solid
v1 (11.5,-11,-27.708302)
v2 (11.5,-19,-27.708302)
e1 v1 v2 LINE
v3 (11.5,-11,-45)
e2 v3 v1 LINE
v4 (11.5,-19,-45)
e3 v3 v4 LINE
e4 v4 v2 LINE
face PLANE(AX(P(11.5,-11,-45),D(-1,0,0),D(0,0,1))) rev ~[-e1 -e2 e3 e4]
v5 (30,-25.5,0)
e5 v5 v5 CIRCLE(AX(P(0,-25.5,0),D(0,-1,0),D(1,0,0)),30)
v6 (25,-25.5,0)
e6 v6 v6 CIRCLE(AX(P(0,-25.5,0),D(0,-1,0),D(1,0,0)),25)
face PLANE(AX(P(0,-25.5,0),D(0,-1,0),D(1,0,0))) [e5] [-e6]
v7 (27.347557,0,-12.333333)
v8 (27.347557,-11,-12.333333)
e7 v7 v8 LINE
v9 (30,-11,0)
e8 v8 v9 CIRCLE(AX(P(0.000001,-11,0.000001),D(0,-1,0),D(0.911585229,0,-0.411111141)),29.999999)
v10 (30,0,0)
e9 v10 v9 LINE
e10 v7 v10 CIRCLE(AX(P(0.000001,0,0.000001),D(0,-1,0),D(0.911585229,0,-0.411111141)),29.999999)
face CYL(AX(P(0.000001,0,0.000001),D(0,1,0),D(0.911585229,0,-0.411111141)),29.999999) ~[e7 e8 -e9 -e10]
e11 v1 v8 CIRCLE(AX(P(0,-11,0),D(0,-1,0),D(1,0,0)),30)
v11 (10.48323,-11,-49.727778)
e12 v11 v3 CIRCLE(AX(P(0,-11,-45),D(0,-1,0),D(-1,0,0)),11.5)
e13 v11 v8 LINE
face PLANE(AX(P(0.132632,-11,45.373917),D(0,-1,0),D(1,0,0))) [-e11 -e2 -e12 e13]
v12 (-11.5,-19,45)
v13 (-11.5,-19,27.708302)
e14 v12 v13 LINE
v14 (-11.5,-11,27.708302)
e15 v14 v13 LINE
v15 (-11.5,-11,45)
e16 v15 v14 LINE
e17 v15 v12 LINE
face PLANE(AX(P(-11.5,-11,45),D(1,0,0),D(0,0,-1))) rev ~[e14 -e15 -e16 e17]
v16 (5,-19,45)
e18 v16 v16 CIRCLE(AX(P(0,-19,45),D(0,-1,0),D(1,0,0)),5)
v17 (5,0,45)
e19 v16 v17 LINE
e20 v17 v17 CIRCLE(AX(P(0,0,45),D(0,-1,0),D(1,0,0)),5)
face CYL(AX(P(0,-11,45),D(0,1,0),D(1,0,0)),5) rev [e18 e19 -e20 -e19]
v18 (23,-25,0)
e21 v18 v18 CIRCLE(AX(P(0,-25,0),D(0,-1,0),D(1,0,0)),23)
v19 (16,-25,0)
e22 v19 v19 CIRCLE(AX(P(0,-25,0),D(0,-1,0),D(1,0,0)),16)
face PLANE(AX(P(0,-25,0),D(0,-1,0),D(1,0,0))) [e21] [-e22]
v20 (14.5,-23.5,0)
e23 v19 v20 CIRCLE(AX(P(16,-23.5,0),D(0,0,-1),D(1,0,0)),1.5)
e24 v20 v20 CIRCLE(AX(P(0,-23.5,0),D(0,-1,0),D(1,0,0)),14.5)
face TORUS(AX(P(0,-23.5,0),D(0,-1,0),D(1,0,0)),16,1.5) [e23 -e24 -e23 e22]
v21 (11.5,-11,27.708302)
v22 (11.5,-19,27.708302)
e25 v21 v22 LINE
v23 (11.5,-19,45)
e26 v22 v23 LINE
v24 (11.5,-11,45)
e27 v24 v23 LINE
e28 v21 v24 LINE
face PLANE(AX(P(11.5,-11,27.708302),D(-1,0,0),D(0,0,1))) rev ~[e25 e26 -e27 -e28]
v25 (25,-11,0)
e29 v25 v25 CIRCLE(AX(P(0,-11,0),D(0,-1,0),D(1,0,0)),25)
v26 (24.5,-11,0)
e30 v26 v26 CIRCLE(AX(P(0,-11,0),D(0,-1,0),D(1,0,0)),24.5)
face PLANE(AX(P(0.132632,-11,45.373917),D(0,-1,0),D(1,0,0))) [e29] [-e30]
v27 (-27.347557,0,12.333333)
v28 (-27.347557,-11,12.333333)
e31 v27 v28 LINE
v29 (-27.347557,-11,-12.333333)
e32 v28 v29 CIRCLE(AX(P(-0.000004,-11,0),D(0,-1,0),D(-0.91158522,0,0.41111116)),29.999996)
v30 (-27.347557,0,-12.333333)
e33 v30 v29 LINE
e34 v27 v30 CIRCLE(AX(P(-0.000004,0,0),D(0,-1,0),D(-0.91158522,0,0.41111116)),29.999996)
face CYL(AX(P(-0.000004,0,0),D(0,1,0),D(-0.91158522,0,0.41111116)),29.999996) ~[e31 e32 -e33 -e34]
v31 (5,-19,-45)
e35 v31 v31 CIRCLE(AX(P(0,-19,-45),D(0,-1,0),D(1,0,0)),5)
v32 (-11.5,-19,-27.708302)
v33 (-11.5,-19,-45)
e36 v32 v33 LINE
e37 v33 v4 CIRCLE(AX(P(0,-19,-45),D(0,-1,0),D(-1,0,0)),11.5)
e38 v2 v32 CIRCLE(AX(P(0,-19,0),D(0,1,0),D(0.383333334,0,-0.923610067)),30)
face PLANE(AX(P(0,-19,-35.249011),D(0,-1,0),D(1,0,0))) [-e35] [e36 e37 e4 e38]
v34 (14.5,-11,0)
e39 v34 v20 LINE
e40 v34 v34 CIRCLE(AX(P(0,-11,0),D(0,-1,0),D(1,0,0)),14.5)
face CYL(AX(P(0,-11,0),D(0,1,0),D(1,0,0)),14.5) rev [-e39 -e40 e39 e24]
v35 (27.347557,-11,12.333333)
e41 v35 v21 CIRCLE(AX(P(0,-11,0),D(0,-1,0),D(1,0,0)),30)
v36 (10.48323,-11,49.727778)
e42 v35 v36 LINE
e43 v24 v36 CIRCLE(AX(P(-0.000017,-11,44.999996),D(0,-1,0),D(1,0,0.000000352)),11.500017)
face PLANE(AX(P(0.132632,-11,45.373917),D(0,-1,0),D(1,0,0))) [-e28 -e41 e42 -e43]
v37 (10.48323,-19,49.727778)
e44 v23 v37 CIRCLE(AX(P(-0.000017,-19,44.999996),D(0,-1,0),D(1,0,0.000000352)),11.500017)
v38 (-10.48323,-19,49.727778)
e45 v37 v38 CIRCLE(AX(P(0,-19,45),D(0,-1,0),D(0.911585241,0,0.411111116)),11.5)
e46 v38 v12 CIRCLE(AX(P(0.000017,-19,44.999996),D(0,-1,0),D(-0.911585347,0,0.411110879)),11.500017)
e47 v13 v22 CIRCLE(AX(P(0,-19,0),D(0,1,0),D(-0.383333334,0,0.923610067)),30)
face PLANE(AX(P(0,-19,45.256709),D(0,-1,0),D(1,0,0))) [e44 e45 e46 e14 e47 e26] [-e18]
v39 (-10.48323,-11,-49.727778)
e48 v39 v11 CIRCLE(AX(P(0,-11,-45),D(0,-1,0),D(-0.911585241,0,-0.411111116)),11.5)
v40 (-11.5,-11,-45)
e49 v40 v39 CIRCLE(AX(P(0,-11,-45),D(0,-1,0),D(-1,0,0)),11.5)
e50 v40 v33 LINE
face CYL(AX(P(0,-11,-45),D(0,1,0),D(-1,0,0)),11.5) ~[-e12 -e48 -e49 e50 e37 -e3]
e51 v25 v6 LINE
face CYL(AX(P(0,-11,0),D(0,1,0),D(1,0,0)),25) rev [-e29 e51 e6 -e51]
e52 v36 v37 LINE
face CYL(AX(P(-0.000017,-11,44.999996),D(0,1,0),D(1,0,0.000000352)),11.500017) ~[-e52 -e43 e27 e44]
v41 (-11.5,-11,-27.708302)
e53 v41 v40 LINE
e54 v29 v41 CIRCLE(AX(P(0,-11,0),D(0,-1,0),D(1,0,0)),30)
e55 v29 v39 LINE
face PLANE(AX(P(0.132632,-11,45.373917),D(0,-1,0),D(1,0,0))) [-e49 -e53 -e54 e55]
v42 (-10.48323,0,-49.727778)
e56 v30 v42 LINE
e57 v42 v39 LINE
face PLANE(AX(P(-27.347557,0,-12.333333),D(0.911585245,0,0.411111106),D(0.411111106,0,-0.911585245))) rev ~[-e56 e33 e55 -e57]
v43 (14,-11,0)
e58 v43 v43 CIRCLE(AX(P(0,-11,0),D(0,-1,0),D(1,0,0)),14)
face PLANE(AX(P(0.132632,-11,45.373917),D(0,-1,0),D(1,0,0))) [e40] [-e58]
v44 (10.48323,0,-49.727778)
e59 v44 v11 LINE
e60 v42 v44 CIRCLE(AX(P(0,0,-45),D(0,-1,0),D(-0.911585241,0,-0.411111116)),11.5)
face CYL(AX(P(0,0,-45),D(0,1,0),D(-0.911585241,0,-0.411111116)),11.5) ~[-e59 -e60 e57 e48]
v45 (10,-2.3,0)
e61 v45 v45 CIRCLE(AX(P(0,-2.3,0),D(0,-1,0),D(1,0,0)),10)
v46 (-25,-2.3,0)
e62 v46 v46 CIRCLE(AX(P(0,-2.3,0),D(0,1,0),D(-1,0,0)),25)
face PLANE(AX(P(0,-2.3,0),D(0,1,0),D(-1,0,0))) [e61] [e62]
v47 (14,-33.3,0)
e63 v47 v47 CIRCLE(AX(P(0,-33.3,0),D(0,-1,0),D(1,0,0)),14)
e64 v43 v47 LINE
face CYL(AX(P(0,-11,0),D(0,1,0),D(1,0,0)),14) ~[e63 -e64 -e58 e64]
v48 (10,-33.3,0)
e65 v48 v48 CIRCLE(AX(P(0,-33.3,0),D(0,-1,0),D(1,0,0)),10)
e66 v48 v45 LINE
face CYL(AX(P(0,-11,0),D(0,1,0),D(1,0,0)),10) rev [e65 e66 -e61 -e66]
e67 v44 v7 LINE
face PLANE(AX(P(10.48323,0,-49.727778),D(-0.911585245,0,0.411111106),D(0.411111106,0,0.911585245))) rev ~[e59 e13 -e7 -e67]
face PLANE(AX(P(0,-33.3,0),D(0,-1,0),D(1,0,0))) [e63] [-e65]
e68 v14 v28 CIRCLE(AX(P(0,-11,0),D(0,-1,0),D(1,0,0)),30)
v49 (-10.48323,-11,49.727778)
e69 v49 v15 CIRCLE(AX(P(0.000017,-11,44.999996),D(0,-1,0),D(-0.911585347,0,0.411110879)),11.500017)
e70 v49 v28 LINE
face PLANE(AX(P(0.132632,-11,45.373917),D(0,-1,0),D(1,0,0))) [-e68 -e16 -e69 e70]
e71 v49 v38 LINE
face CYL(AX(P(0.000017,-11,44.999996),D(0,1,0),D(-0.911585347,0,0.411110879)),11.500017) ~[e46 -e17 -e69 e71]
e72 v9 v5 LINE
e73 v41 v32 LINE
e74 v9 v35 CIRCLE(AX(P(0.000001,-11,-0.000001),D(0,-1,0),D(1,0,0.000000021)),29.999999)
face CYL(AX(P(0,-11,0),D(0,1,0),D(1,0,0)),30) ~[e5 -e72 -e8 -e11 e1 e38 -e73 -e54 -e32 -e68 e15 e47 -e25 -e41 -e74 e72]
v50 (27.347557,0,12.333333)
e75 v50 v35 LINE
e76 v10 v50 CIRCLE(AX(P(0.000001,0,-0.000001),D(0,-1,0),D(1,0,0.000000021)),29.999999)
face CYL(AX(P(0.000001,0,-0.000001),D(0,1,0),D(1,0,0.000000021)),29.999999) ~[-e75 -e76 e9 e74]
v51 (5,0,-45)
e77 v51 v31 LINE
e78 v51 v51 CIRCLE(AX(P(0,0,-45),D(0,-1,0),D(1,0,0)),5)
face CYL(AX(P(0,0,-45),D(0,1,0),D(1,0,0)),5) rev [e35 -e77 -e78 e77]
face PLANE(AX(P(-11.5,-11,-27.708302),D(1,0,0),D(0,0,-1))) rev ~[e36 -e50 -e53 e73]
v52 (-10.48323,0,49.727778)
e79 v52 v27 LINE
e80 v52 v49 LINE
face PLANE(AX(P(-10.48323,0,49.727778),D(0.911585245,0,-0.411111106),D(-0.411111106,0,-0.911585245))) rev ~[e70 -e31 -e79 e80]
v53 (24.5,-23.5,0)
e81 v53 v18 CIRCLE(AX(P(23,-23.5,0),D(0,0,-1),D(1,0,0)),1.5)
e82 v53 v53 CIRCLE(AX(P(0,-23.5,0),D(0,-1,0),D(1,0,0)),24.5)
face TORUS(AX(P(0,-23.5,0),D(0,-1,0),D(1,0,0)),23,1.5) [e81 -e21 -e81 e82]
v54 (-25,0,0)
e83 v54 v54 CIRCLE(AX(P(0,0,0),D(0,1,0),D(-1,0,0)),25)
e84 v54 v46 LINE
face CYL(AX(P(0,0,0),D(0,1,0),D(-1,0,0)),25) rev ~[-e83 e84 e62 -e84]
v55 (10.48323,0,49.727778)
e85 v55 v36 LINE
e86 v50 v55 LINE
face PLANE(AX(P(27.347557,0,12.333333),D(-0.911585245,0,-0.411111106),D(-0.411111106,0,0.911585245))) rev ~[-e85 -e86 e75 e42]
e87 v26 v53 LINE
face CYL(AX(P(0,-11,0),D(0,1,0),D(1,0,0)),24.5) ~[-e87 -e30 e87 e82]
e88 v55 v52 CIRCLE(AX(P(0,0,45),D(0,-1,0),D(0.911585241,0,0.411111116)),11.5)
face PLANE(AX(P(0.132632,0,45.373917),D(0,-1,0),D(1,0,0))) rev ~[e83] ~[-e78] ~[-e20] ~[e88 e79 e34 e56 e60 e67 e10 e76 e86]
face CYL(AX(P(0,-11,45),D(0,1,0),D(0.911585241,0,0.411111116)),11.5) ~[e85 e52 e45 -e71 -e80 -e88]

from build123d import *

# Parameters (mm, degrees)
F0_R      = 5
F0_R_2    = 10
F1_DEPTH  = 11
F2_R      = 14
F2_R_2    = 10
F3_DEPTH  = 22.3
F4_R      = 30
F4_R_2    = 25
F5_DEPTH  = 14.5
F6_R      = 5
F7_DEPTH  = 8
F8_R      = 25
F8_R_2    = 10
F9_DEPTH  = 2.3
F10_R     = 24.5
F10_R_2   = 14.5
F11_DEPTH = 14
F12_R     = 1.5


with BuildPart() as f1:
    # F0 (on Front) → F1 (new body)
    with BuildSketch(Plane.XZ):
        with BuildLine():
            ThreePointArc((-10.48323, 49.727778), (-2.417938, 33.757066), (11.5, 45))
            ThreePointArc((11.5, 45), (11.242934, 47.417938), (10.48323, 49.727778))
            ThreePointArc((10.48323, 49.727778), (0, 56.5), (-10.48323, 49.727778))
        make_face()
        with Locations((0, 45)):
            Circle(F0_R, mode=Mode.SUBTRACT)
        with BuildLine():
            ThreePointArc((10.48323, 49.727778), (11.242934, 47.417938), (11.5, 45))
            ThreePointArc((11.5, 45), (-2.417938, 33.757066), (-10.48323, 49.727778))
            Line((-10.48323, 49.727778), (-27.347557, 12.333333))
            ThreePointArc((-27.347557, 12.333333), (0, 30), (27.347557, 12.333333))
            Line((27.347557, 12.333333), (10.48323, 49.727778))
        make_face()
        with BuildLine():
            ThreePointArc((30, 0), (29.329394, 6.307665), (27.347557, 12.333333))
            ThreePointArc((27.347557, 12.333333), (0, 30), (-27.347557, 12.333333))
            ThreePointArc((-27.347557, 12.333333), (-30, 0), (-27.347557, -12.333333))
            ThreePointArc((-27.347557, -12.333333), (0, -30), (27.347557, -12.333333))
            ThreePointArc((27.347557, -12.333333), (29.329394, -6.307665), (30, 0))
        make_face()
        Circle(F0_R_2, mode=Mode.SUBTRACT)
        with BuildLine():
            ThreePointArc((27.347557, -12.333333), (0, -30), (-27.347557, -12.333333))
            Line((-27.347557, -12.333333), (-10.48323, -49.727778))
            ThreePointArc((-10.48323, -49.727778), (-2.417938, -33.757066), (11.5, -45))
            ThreePointArc((11.5, -45), (11.242934, -47.417938), (10.48323, -49.727778))
            Line((10.48323, -49.727778), (27.347557, -12.333333))
        make_face()
        with BuildLine():
            ThreePointArc((11.5, -45), (-2.417938, -33.757066), (-10.48323, -49.727778))
            ThreePointArc((-10.48323, -49.727778), (0, -56.5), (10.48323, -49.727778))
            ThreePointArc((10.48323, -49.727778), (11.242934, -47.417938), (11.5, -45))
        make_face()
        with Locations((0, -45)):
            Circle(F0_R, mode=Mode.SUBTRACT)
    extrude(amount=F1_DEPTH)

    # F2 (on face) → F3 (join)
    with BuildSketch(Plane.XZ.offset(11)):
        Circle(F2_R)
        Circle(F2_R_2, mode=Mode.SUBTRACT)
    extrude(amount=F3_DEPTH)

    # F4 (on face) → F5 (join)
    with BuildSketch(Plane.XZ.offset(11)):
        Circle(F4_R)
        Circle(F4_R_2, mode=Mode.SUBTRACT)
    extrude(amount=F5_DEPTH)

    # F6 (on face) → F7 (join)
    with BuildSketch(Plane.XZ.offset(11)):
        with BuildLine():
            ThreePointArc((-11.5, 45), (0, 33.5), (11.5, 45))
            ThreePointArc((11.5, 45), (11.242934, 47.417938), (10.48323, 49.727778))
            ThreePointArc((10.48323, 49.727778), (0, 56.5), (-10.48323, 49.727778))
            ThreePointArc((-10.48323, 49.727778), (-11.242934, 47.417938), (-11.5, 45))
        make_face()
        with Locations((0, 45)):
            Circle(F6_R, mode=Mode.SUBTRACT)
        with BuildLine():
            Line((11.5, 27.708302), (11.5, 45))
            ThreePointArc((11.5, 45), (0, 33.5), (-11.5, 45))
            Line((-11.5, 45), (-11.5, 27.708302))
            ThreePointArc((-11.5, 27.708302), (0, 30), (11.5, 27.708302))
        make_face()
        with BuildLine():
            ThreePointArc((11.5, -27.708302), (0, -30), (-11.5, -27.708302))
            Line((-11.5, -27.708302), (-11.5, -45))
            ThreePointArc((-11.5, -45), (0, -33.5), (11.5, -45))
            Line((11.5, -45), (11.5, -27.708302))
        make_face()
        with BuildLine():
            ThreePointArc((11.5, -45), (0, -33.5), (-11.5, -45))
            ThreePointArc((-11.5, -45), (0, -56.5), (11.5, -45))
        make_face()
        with Locations((0, -45)):
            Circle(F6_R, mode=Mode.SUBTRACT)
    extrude(amount=F7_DEPTH)

    # F8 (on face) → F9 (cut)
    with BuildSketch(Plane(origin=(0, 0, 0), x_dir=(-1, 0, 0), z_dir=(0, 1, 0))):
        Circle(F8_R)
        Circle(F8_R_2, mode=Mode.SUBTRACT)
    extrude(amount=-F9_DEPTH, mode=Mode.SUBTRACT)

    # F10 (on face) → F11 (join)
    with BuildSketch(Plane.XZ.offset(11)):
        Circle(F10_R)
        Circle(F10_R_2, mode=Mode.SUBTRACT)
    extrude(amount=F11_DEPTH)

    # F12
    f12_edges = [f1.edges().sort_by_distance(p)[0] for p in [
        (-24.5, -25, 0),
        (-14.5, -25, 0),
    ]]
    fillet(f12_edges, radius=F12_R)


solid = f1.part
